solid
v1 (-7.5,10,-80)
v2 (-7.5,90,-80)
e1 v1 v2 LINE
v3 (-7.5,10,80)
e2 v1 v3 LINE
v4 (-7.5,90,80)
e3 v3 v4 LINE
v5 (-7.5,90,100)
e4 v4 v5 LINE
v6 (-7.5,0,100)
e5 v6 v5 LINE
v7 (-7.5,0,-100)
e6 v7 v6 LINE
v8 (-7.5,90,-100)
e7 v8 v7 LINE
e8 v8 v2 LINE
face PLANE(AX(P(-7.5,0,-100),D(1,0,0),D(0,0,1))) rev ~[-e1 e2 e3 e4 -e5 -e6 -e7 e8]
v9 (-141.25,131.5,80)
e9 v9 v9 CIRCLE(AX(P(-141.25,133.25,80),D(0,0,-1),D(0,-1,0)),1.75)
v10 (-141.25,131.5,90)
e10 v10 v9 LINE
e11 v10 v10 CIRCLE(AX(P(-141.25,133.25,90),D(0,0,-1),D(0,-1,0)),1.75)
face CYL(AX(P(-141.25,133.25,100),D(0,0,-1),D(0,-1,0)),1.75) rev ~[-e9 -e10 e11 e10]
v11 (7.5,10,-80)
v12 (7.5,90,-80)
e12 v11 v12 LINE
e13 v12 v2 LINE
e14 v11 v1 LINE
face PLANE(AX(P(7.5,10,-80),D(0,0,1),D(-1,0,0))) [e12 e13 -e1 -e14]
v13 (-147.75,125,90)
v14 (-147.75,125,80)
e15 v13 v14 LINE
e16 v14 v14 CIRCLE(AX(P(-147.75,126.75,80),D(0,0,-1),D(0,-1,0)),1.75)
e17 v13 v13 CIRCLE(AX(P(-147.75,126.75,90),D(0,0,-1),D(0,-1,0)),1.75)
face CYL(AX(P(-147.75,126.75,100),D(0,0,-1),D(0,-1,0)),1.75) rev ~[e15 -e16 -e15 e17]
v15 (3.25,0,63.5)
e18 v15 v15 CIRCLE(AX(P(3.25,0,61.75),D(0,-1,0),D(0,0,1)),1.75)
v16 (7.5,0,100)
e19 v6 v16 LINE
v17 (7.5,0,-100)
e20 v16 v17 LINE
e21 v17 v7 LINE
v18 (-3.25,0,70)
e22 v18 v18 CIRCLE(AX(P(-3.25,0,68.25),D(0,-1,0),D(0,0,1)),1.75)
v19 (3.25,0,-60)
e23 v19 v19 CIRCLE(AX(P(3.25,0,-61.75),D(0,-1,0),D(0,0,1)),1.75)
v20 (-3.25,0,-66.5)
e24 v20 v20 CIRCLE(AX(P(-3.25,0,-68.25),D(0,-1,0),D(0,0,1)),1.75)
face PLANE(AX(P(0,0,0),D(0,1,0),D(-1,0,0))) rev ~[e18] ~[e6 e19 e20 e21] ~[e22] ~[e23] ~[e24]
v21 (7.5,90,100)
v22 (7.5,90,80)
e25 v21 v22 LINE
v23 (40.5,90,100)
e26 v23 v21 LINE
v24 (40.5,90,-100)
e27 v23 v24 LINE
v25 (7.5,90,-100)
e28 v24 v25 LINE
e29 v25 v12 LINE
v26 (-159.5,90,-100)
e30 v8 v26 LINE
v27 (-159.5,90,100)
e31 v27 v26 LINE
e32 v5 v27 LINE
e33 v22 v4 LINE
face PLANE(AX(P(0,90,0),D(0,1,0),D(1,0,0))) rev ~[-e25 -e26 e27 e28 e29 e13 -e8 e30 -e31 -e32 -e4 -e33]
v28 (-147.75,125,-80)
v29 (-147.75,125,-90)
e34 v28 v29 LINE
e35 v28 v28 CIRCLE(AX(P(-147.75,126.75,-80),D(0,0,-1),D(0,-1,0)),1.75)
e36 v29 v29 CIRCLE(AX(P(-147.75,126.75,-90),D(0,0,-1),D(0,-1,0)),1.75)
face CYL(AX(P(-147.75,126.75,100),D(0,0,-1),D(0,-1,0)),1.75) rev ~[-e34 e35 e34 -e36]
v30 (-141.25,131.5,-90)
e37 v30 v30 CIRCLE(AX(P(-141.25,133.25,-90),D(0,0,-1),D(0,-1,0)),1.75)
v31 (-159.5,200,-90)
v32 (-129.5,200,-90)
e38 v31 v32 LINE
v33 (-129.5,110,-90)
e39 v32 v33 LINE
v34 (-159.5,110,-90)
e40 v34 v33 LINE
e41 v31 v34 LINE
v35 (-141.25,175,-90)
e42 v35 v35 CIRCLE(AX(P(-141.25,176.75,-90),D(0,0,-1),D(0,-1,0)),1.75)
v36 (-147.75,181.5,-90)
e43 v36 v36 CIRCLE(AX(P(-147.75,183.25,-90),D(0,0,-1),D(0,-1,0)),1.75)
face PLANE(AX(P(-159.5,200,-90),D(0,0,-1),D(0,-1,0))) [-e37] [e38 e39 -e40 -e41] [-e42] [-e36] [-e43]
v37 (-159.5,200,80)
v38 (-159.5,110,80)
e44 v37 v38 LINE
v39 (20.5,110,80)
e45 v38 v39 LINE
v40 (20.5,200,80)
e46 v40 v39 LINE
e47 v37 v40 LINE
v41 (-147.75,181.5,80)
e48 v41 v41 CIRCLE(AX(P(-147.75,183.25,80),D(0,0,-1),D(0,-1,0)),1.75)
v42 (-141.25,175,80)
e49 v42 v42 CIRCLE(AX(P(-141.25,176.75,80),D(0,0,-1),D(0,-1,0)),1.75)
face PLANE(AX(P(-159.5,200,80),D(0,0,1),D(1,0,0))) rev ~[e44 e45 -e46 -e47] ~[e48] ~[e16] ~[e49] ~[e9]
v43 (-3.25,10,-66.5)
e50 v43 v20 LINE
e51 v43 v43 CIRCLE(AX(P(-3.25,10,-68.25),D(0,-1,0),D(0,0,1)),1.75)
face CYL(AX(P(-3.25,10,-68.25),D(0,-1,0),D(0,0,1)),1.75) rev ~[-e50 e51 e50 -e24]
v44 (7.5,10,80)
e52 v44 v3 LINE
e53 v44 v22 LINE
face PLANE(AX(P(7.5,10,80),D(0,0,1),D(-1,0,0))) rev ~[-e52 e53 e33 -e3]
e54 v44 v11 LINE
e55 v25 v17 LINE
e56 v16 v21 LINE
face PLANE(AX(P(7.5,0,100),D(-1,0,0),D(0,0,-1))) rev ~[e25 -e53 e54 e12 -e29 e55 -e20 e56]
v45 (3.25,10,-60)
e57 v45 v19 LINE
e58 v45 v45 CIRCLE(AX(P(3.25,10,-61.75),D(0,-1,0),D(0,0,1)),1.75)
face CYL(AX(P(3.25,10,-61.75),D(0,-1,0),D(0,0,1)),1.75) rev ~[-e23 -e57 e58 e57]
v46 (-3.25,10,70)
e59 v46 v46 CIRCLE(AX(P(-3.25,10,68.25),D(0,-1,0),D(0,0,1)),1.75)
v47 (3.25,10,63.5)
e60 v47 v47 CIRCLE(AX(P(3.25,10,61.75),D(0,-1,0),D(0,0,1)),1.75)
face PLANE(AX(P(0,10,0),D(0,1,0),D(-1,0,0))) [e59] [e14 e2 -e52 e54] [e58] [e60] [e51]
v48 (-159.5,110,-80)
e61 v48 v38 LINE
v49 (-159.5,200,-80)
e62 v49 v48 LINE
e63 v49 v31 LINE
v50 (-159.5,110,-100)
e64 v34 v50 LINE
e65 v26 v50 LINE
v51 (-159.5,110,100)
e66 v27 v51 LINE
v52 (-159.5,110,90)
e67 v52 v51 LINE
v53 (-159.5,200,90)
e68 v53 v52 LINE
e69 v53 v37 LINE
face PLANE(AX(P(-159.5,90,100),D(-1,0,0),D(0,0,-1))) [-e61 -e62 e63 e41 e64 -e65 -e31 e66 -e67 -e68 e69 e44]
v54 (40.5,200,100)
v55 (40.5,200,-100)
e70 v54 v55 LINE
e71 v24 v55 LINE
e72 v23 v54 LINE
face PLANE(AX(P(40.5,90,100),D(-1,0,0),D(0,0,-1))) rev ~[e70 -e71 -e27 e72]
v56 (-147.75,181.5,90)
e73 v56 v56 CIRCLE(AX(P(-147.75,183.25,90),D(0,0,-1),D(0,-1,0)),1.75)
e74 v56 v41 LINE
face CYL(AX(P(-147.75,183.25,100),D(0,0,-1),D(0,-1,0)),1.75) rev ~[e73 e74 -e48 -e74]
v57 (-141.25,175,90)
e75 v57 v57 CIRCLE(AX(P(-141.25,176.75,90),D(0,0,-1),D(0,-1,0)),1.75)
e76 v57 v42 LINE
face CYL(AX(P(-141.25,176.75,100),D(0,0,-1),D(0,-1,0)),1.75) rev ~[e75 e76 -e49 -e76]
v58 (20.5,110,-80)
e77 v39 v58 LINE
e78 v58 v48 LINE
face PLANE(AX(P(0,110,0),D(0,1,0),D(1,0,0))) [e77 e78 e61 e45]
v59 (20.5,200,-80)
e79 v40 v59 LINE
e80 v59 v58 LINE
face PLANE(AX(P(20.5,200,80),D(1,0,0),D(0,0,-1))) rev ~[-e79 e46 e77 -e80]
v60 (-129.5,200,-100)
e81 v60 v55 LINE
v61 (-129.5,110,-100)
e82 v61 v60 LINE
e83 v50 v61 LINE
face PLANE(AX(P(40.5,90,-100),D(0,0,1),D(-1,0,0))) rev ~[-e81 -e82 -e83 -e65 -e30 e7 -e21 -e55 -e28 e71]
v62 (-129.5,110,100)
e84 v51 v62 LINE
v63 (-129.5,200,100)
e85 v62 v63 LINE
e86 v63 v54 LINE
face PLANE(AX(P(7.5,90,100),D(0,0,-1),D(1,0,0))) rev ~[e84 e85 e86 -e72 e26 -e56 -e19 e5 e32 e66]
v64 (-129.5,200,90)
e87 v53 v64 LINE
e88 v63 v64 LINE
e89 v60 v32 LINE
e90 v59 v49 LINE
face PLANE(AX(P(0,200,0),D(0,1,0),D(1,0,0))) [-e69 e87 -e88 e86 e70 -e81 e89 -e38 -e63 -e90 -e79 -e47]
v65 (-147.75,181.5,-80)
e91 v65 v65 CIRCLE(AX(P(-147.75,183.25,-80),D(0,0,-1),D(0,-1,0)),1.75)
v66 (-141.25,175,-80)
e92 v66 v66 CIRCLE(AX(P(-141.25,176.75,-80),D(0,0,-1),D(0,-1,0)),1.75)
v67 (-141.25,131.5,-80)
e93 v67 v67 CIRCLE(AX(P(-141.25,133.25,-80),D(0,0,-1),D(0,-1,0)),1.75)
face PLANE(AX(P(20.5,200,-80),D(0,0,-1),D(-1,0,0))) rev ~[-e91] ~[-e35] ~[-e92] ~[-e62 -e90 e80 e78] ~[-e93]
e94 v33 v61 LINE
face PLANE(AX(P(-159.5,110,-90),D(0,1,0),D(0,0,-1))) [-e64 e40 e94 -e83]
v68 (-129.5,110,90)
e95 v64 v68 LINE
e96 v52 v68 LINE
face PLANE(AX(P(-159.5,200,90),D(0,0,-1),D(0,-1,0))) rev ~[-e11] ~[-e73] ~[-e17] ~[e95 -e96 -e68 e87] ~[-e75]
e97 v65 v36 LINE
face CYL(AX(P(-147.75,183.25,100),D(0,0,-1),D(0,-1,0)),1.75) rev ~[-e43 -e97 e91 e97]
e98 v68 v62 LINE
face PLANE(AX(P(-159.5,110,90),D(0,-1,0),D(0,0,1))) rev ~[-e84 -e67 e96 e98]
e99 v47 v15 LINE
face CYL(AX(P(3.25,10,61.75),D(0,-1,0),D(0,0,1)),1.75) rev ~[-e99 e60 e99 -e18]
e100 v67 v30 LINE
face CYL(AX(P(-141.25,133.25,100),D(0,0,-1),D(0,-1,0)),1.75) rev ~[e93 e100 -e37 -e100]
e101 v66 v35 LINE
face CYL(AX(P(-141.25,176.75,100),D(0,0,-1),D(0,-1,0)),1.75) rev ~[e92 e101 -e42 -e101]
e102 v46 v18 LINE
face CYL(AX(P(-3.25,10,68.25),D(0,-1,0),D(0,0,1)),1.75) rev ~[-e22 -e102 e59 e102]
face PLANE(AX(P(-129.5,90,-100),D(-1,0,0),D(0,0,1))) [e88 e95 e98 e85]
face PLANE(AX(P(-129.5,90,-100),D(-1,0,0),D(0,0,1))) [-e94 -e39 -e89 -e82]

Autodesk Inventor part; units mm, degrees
ref_plane "YZ Plane" through (0, 0, 0) normal (1, 0, 0) x (0, 1, 0)
ref_plane "XZ Plane" through (0, 0, 0) normal (0, 1, 0) x (-1, 0, 0)
ref_plane "XY Plane" through (0, 0, 0) normal (0, 0, 1) x (1, 0, 0)
sketch "Boceto2" plane through (0, 0, 0) normal (0, 1, 0) x (-1, 0, 0)
  line L0 (7.5, 100) -> (-7.5, 100)
  line L1 (-7.5, 100) -> (-7.5, -100)
  line L2 (-7.5, -100) -> (7.5, -100)
  line L3 (7.5, -100) -> (7.5, 100)
  line L4 (7.5, 100) -> (-7.5, -100) construction
  line L5 (-7.5, 100) -> (7.5, -100) construction
  point P0 (0, 0)
  dimension "d7" = 15
  dimension "d8" = 200
extrude "Extrusión1" add sketch "Boceto2" along normal blind 10
sketch "Boceto3" plane through (0, 10, 0) normal (0, 1, 0) x (1, 0, 0)
  line L0 (5, 60) -> (-5, 60)
  line L1 (-5, 60) -> (-5, 70)
  line L2 (-5, 70) -> (5, 70)
  line L3 (5, 70) -> (5, 60)
  line L4 (5, 60) -> (-5, 70) construction
  line L5 (7.5, 100) -> (-7.5, 100) projected
  line L6 (0, 64.5148) -> (0, 61.9205)
  circle A0 centre (3.25, 61.75) radius 1.75
  circle A1 centre (-3.25, 68.25) radius 1.75
  line L7 (-7.5, 100) -> (-7.5, -100) projected
  line L8 (-7.5, 0) -> (0, 0)
  line L9 (5, -70) -> (5, -60)
  line L10 (-5, -70) -> (5, -70)
  line L11 (5, -60) -> (-5, -60)
  line L12 (-5, -60) -> (-5, -70)
  line L13 (5, -60) -> (-5, -70) construction
  line L14 (0, -64.5148) -> (0, -61.9205)
  circle A2 centre (-3.25, -68.25) radius 1.75
  circle A3 centre (3.25, -61.75) radius 1.75
  point P0 (3.25, 68.25)
  point P1 (-5, 65)
  point P2 (-3.25, 61.75)
  point P3 (0, 100)
  point P4 (3.25, -68.25)
  point P5 (-3.25, -61.75)
  point P6 (-5, -65)
  dimension "d12" = 1.75
  dimension "d13" = 1.75
  dimension "d14" = 1.75
  dimension "d15" = 1.75
  dimension "d16" = 10
  dimension "d17" = 10
  dimension "d19" = 30
  dimension "d67" = 31.75
hole "Agujero1" at (3.25, 10, -61.75) at (-3.25, 10, -68.25) at (-3.25, 10, 68.25) at (3.25, 10, 61.75) direction (0, -1, 0) diameter 3.5 end through all
sketch "Boceto4" plane through (0, 10, 0) normal (0, 1, 0) x (1, 0, 0)
  line L0 (-7.5, 100) -> (-7.5, -100) projected
  line L1 (-7.5, -100) -> (7.5, -100)
  line L2 (7.5, -100) -> (7.5, -80)
  line L3 (7.5, -80) -> (-7.5, -80)
  line L4 (-7.5, -80) -> (-7.5, -100)
  line L5 (-7.5, 0) -> (1.0116, 0)
  line L6 (-7.5, -100) -> (-7.5, 100)
  line L7 (-7.5, 100) -> (7.5, 100)
  line L8 (7.5, 100) -> (7.5, 80)
  line L9 (7.5, 80) -> (-7.5, 80)
  line L10 (-7.5, 80) -> (-7.5, 100)
  point P0 (0, 0)
  point P1 (-7.5, -80)
  point P2 (-7.5, 80)
  dimension "d27" = 15
  dimension "d28" = 20
extrude "Extrusión2" add sketch "Boceto4" along normal blind 80
sketch "Boceto5" plane through (0, 90, 0) normal (0, 1, 0) x (1, 0, 0)
  line L0 (-7.5, -100) -> (7.5, -100) projected
  line L1 (-7.5, -100) -> (40.5, -100)
  line L2 (40.5, -100) -> (40.5, 100)
  line L3 (40.5, 100) -> (-7.5, 100)
  line L4 (-7.5, 100) -> (-7.5, -100)
  line L5 (40.5, -100) -> (-159.5, -100)
  line L6 (-159.5, -100) -> (-159.5, 100)
  line L7 (-159.5, 100) -> (40.5, 100)
  line L8 (40.5, 100) -> (40.5, -100)
  point P0 (0, 0)
  point P1 (-7.5, 100)
  dimension "d31" = 48
  dimension "d32" = 200
  dimension "d74" = 200
extrude "Extrusión3" add sketch "Boceto5" along normal blind 110
sketch "Boceto6" plane through (0, 200, 0) normal (0, 1, 0) x (1, 0, 0)
  line L0 (40.5, 100) -> (7.5, 100) projected
  line L1 (40.5, 100) -> (20.5, 100)
  line L2 (20.5, 100) -> (20.5, 80)
  line L3 (7.5, -100) -> (40.5, -100) projected
  line L4 (24, -100) -> (24, -80)
  line L5 (-159.5, 100) -> (-159.5, -100) projected
  line L6 (20.5, 80) -> (-159.5, 80)
  line L7 (-159.5, 80) -> (-159.5, -80)
  line L8 (-159.5, -80) -> (20.5, -80)
  line L9 (20.5, -80) -> (20.5, 80)
  line L10 (-159.5, -100) -> (40.5, -100) projected
  point P0 (7.5, 80)
  point P1 (-159.5, 80)
  dimension "d36" = 20
  dimension "d37" = 20
  dimension "d38" = 20
  dimension "d78" = 20
extrude "Extrusión4" cut sketch "Boceto6" against normal blind 90
sketch "Boceto7" plane through (-159.5, 90, -100) normal (-1, 0, 0) x (0, 0, 1)
  line L0 (0, 110) -> (20, 110) projected
  line L1 (20, 110) -> (10, 110)
  line L2 (10, 110) -> (10, 20)
  line L3 (10, 20) -> (20, 20)
  line L4 (20, 20) -> (20, 110)
  line L5 (180, 110) -> (180, 20) projected
  line L6 (180, 110) -> (190, 110)
  line L7 (190, 110) -> (190, 20)
  line L8 (190, 20) -> (180, 20)
  line L9 (180, 20) -> (180, 110)
  line L10 (200, 0) -> (200, 110) projected
  line L11 (0, 0) -> (0, 110) projected
  line L12 (0, 110) -> (10, 110)
  line L13 (10, 110) -> (10, 20)
  line L14 (10, 20) -> (0, 20)
  line L15 (0, 20) -> (0, 110)
  line L16 (200, 110) -> (0, 110) projected
  line L17 (200, 110) -> (190, 110)
  line L18 (190, 110) -> (190, 20)
  line L19 (190, 20) -> (200, 20)
  line L20 (200, 20) -> (200, 110)
  point P0 (100, -90)
  point P1 (200, 20)
  dimension "d42" = 10
  dimension "d63" = 10
  dimension "d65" = 10
extrude "Extrusión5" cut sketch "Boceto7" against normal blind 30 contours L0 L2 L14 L11 | L16 L10 L19 L7
sketch "Boceto8" plane through (-7.5, 0, 100) normal (0, 0, 1) x (1, 0, 0)
  line L0 (-122, 200) -> (-122, 110) projected
  line L1 (-132, 175) -> (-142, 175)
  line L2 (-142, 175) -> (-142, 185)
  line L3 (-142, 185) -> (-132, 185)
  line L4 (-132, 185) -> (-132, 175)
  line L5 (-132, 175) -> (-142, 185) construction
  line L6 (-142, 175) -> (-132, 185) construction
  line L7 (-152, 200) -> (48, 200) projected
  line L8 (-113, 155) -> (-128, 155)
  line L9 (-152, 110) -> (-122, 110) projected
  line L10 (-132, 180) -> (-131.5898, 180)
  circle A0 centre (-140.25, 183.25) radius 1.75
  circle A1 centre (-133.75, 176.75) radius 1.75
  line L11 (-132, 125) -> (-132, 135)
  line L12 (-142, 125) -> (-132, 125)
  line L13 (-132, 135) -> (-142, 125) construction
  line L14 (-132, 135) -> (-142, 135)
  line L15 (-142, 135) -> (-132, 125) construction
  line L16 (-142, 135) -> (-142, 125)
  line L17 (-132, 130) -> (-131.5898, 130)
  circle A2 centre (-133.75, 133.25) radius 1.75
  circle A3 centre (-140.25, 126.75) radius 1.75
  line L18 (-152, 110) -> (-152, 200) projected
  point P0 (7.5, 0)
  point P1 (-113, 215)
  point P2 (-133.75, 183.25)
  point P3 (-142, 180)
  point P4 (-140.25, 176.75)
  point P5 (48, 200)
  point P6 (-133.75, 126.75)
  point P7 (-140.25, 133.25)
  point P8 (-143, 115)
  point P9 (-133.75, 126.75)
  point P10 (-140.25, 133.25)
  point P11 (-142, 130)
  dimension "d46" = 1.75
  dimension "d47" = 1.75
  dimension "d48" = 1.75
  dimension "d49" = 1.75
  dimension "d50" = 10
  dimension "d51" = 10
  dimension "d52" = 15
  dimension "d66" = 10
  dimension "d70" = 15
hole "Agujero2" at (-147.75, 183.25, 100) at (-141.25, 176.75, 100) at (-147.75, 126.75, 100) at (-141.25, 133.25, 100) direction (0, 0, -1) diameter 3.5 end through all
properties part number "container_back"
